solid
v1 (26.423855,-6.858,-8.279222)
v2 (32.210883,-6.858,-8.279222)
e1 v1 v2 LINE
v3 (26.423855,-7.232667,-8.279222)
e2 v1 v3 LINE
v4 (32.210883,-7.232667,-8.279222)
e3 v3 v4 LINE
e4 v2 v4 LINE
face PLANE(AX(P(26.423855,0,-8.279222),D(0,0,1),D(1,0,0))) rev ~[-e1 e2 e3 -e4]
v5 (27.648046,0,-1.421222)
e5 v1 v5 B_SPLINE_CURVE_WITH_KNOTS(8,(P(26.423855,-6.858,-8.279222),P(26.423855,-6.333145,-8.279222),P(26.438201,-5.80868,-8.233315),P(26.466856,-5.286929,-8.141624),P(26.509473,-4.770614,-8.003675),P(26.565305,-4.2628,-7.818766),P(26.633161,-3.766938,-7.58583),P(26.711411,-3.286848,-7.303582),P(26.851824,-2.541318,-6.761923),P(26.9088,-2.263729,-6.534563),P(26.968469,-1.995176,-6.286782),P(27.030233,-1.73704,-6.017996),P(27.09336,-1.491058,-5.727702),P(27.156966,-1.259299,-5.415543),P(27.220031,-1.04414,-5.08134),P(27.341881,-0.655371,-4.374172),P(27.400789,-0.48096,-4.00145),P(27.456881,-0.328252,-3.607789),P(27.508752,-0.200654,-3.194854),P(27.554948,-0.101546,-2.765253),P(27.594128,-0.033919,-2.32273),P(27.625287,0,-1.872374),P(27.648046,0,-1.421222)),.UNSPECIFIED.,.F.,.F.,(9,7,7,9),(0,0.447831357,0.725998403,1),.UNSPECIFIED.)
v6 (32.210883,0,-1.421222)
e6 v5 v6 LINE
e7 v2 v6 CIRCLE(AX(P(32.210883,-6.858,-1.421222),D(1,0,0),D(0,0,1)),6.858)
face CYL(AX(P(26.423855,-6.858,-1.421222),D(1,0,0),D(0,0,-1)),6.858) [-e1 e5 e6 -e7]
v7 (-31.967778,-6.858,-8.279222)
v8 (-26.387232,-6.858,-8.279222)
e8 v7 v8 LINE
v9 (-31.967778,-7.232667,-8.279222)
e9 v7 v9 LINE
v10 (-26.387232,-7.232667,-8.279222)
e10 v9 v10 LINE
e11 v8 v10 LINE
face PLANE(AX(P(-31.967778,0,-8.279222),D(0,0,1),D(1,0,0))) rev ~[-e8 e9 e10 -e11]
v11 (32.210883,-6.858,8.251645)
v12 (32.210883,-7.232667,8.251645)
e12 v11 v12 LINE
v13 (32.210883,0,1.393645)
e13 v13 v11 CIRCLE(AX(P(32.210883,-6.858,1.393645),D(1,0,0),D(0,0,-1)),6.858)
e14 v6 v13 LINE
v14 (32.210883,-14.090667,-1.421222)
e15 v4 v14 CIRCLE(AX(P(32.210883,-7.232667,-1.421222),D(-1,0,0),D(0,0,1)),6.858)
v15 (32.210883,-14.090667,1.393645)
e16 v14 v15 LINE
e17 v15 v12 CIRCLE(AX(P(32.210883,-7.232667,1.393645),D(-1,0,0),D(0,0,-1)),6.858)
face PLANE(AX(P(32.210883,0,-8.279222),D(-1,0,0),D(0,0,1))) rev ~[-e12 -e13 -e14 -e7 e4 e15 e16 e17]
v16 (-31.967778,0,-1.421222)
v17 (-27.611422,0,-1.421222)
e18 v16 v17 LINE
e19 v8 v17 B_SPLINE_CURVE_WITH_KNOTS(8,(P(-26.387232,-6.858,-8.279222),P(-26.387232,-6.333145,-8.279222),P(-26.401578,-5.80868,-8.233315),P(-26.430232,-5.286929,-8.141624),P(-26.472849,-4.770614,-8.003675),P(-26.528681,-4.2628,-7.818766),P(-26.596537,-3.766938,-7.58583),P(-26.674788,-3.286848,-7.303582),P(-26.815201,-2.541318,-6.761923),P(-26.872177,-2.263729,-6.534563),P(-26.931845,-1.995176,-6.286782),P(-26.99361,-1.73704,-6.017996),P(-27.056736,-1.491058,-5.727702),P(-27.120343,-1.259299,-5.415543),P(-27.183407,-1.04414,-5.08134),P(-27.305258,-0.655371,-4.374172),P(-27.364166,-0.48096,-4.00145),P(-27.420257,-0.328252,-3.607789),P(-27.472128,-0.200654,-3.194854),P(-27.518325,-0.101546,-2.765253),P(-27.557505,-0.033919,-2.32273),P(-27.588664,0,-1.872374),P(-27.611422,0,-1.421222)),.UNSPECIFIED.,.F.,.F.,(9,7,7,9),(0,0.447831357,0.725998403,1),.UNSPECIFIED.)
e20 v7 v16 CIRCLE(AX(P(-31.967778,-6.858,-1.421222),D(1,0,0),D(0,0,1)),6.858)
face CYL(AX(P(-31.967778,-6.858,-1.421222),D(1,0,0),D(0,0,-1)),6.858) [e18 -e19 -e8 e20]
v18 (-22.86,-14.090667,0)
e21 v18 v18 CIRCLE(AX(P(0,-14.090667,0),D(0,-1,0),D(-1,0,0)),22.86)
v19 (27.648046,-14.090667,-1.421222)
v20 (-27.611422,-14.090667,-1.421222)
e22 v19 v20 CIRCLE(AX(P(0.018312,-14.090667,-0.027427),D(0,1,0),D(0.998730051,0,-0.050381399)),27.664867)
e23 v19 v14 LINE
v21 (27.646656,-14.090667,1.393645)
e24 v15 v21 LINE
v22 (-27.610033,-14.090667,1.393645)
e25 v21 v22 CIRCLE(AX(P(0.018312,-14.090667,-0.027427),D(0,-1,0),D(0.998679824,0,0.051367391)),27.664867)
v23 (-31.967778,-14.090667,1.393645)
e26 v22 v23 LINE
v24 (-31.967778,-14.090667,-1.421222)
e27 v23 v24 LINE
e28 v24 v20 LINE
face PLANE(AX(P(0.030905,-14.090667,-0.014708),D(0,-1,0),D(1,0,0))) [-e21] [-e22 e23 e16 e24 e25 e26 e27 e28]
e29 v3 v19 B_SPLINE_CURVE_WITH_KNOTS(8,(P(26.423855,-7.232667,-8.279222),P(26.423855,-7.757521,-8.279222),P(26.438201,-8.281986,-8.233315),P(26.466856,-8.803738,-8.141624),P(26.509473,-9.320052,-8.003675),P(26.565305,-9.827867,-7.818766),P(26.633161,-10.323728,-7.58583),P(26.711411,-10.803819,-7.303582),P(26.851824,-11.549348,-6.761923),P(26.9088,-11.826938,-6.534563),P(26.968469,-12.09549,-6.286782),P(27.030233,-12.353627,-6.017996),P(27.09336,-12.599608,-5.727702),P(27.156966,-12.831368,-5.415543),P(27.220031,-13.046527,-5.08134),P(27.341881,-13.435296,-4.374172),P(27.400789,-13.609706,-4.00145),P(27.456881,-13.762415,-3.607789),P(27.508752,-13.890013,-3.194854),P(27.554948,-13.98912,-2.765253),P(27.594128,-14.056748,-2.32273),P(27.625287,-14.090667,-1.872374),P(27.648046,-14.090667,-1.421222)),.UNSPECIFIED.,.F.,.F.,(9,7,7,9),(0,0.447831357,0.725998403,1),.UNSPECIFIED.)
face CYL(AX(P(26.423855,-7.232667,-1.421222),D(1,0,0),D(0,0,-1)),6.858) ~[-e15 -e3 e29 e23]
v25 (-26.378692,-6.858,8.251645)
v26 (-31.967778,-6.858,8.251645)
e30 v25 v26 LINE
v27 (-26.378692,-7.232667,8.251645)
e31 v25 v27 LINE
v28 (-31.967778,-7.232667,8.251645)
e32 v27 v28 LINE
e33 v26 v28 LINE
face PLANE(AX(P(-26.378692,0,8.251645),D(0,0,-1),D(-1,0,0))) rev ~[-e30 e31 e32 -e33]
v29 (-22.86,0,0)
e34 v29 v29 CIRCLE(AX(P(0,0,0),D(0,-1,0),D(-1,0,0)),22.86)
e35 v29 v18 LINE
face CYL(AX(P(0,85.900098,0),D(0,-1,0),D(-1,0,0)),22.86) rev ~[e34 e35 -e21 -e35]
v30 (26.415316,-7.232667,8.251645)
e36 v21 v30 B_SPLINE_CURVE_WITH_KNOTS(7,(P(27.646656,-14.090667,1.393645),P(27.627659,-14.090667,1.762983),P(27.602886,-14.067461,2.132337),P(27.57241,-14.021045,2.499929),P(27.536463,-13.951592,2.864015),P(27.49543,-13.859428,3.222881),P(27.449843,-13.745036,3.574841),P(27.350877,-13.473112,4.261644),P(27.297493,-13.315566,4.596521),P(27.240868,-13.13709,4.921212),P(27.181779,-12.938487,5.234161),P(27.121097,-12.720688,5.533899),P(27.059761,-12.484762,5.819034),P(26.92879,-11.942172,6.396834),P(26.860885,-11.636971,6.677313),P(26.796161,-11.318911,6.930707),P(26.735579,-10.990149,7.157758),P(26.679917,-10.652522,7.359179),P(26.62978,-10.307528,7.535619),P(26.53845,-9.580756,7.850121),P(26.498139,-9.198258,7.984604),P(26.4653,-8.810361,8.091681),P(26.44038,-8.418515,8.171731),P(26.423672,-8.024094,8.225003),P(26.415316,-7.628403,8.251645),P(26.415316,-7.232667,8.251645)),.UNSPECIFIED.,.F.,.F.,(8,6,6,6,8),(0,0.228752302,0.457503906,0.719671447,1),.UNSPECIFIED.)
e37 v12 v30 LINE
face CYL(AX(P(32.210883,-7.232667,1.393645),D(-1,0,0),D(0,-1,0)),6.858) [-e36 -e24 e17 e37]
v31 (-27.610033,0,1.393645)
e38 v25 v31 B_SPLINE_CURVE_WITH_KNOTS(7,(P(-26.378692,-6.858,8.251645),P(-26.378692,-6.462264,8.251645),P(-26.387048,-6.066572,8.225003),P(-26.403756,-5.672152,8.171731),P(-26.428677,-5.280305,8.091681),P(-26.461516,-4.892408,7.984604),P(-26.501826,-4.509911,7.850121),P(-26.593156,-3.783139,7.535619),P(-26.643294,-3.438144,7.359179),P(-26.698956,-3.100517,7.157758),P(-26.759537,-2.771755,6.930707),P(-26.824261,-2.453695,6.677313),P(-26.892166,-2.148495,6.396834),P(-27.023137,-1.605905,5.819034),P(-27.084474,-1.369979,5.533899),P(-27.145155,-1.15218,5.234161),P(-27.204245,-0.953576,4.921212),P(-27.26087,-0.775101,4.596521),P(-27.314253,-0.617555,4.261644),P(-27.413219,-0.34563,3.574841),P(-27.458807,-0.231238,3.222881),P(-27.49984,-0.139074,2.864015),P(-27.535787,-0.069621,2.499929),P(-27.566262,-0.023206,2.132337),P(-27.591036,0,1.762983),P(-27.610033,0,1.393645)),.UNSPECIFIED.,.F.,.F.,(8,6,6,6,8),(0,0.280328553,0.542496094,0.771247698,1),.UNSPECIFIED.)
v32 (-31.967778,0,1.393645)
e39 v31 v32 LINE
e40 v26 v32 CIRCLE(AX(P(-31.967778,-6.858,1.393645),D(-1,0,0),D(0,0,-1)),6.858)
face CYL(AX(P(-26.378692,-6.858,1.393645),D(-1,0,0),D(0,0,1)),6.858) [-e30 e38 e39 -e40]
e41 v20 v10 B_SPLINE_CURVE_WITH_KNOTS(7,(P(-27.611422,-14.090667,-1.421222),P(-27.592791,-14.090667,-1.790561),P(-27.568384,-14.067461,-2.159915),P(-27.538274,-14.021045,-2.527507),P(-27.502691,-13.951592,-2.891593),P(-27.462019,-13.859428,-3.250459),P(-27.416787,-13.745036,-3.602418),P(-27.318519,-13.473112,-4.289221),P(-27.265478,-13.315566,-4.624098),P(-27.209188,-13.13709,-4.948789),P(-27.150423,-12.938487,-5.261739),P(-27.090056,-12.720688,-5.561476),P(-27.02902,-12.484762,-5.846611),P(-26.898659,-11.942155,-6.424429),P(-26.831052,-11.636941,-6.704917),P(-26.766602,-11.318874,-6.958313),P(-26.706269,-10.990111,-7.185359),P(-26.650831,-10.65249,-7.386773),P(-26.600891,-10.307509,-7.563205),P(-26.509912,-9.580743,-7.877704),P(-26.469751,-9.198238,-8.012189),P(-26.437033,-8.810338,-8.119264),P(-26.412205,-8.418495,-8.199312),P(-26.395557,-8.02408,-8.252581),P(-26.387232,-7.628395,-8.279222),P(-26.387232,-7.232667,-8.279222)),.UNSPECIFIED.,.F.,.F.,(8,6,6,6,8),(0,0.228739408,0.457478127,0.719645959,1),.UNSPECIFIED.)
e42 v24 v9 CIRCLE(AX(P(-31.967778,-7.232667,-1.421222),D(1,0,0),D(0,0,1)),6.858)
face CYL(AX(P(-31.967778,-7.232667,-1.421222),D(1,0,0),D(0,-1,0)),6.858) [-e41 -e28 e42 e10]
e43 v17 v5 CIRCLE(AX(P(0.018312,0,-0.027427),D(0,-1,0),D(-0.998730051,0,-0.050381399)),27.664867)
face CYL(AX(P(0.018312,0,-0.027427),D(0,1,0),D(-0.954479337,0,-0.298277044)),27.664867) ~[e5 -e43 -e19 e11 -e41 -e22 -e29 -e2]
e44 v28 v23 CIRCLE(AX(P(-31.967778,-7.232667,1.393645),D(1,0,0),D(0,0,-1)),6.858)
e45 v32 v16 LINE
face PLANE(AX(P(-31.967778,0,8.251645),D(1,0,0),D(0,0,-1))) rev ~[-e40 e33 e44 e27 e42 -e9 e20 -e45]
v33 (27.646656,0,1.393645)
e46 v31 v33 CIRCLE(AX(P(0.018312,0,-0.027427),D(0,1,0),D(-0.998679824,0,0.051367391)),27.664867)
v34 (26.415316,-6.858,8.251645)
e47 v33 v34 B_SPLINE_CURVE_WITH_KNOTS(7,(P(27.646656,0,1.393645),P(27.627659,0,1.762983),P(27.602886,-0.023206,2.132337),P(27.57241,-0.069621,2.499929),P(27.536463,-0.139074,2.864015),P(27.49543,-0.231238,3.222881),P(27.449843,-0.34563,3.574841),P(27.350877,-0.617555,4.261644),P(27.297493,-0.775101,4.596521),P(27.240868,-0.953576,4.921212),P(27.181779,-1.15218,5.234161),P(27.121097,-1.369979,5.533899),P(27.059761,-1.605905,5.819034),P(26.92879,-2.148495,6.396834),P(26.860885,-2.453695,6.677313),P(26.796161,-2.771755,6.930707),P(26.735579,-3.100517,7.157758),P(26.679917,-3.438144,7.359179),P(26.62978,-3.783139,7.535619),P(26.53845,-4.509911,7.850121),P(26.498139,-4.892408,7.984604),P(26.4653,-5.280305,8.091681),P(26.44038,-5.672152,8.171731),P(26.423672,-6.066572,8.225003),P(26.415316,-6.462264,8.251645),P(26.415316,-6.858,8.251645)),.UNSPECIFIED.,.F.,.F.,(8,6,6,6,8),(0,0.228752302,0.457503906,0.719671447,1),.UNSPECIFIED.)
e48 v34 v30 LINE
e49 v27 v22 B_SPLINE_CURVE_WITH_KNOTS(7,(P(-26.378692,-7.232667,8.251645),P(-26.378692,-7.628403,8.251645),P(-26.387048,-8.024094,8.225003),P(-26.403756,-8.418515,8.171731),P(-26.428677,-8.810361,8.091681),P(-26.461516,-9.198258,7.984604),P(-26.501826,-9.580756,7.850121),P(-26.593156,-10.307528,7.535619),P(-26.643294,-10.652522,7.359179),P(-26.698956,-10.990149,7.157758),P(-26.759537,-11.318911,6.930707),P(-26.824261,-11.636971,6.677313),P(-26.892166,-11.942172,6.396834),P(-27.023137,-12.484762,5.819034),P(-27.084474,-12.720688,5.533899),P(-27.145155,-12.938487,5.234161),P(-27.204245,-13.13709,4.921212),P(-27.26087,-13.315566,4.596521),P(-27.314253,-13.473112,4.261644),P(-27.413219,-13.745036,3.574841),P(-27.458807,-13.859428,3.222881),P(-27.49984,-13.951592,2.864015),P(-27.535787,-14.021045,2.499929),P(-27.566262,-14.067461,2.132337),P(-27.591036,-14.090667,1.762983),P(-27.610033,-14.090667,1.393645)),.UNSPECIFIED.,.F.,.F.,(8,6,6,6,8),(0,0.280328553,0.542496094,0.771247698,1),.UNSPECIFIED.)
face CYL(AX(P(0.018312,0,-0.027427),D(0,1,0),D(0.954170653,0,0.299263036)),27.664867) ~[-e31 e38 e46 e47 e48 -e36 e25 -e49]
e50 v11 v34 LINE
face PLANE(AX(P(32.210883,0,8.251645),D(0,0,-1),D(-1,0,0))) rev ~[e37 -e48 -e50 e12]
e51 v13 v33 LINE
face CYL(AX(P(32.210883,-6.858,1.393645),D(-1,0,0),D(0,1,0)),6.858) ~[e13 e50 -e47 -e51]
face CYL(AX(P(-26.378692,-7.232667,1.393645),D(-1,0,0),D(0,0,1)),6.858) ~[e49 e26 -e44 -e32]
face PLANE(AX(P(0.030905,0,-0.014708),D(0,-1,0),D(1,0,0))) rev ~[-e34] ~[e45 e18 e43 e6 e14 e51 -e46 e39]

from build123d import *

# Parameters (mm, degrees)
F1_DEPTH = 14.0906665474
F3_D     = 45.72
F4_R     = 6.858
F5_R     = 6.858


with BuildPart() as f1:
    # F0 (on Front) → F1 (new body)
    with BuildSketch(Plane.XZ):
        with BuildLine():
            ThreePointArc((26.423855446, -8.2792220637), (27.3665356573, -4.201095127), (27.6831785203, -0.0274273648))
            ThreePointArc((27.6831785203, -0.0274273648), (27.364375928, 4.1603676932), (26.4153157441, 8.251644671))
            Line((26.4153157441, 8.251644671), (-26.3786924152, 8.251644671))
            ThreePointArc((-26.3786924152, 8.251644671), (-27.6465515, -0.0131359372), (-26.3872321171, -8.2792220637))
            Line((-26.3872321171, -8.2792220637), (26.423855446, -8.2792220637))
        make_face()
        with BuildLine():
            ThreePointArc((26.4153157441, 8.251644671), (27.364375928, 4.1603676932), (27.6831785203, -0.0274273648))
            ThreePointArc((27.6831785203, -0.0274273648), (27.3665356573, -4.201095127), (26.423855446, -8.2792220637))
            Line((26.423855446, -8.2792220637), (32.2108827531, -8.2792220637))
            Line((32.2108827531, -8.2792220637), (32.2108827531, 8.251644671))
            Line((32.2108827531, 8.251644671), (26.4153157441, 8.251644671))
        make_face()
        with BuildLine():
            Line((-26.3786924152, 8.251644671), (26.4153157441, 8.251644671))
            ThreePointArc((26.4153157441, 8.251644671), (0.0183116645, 27.6374394911), (-26.3786924152, 8.251644671))
        make_face()
        with BuildLine():
            ThreePointArc((-26.3872321171, -8.2792220637), (0.0183116645, -27.6922942207), (26.423855446, -8.2792220637))
            Line((26.423855446, -8.2792220637), (-26.3872321171, -8.2792220637))
        make_face()
        with BuildLine():
            ThreePointArc((-26.3872321171, -8.2792220637), (-27.6465515, -0.0131359372), (-26.3786924152, 8.251644671))
            Line((-26.3786924152, 8.251644671), (-31.9677777588, 8.251644671))
            Line((-31.9677777588, 8.251644671), (-31.9677777588, -8.2792220637))
            Line((-31.9677777588, -8.2792220637), (-26.3872321171, -8.2792220637))
        make_face()
    extrude(amount=F1_DEPTH)

    # F3 (through all)
    with Locations(Plane(origin=(0, 0, 0), x_dir=(1, 0, 0), z_dir=(0, 1, 0))):
        with Locations((0, 0)):
            Hole(F3_D / 2)

    # F4
    f4_edges = [f1.edges().sort_by_distance(p)[0] for p in [
        (29.317369, -14.090667, -8.279222),
        (29.317369, 0, -8.279222),
        (29.313099, -14.090667, 8.251645),
        (29.313099, 0, 8.251645),
    ]]
    fillet(f4_edges, radius=F4_R)

    # F5
    f5_edges = [f1.edges().sort_by_distance(p)[0] for p in [
        (-29.177505, -14.090667, -8.279222),
        (-29.173235, -14.090667, 8.251645),
        (-29.173235, 0, 8.251645),
        (-29.177505, 0, -8.279222),
    ]]
    fillet(f5_edges, radius=F5_R)


solid = f1.part
